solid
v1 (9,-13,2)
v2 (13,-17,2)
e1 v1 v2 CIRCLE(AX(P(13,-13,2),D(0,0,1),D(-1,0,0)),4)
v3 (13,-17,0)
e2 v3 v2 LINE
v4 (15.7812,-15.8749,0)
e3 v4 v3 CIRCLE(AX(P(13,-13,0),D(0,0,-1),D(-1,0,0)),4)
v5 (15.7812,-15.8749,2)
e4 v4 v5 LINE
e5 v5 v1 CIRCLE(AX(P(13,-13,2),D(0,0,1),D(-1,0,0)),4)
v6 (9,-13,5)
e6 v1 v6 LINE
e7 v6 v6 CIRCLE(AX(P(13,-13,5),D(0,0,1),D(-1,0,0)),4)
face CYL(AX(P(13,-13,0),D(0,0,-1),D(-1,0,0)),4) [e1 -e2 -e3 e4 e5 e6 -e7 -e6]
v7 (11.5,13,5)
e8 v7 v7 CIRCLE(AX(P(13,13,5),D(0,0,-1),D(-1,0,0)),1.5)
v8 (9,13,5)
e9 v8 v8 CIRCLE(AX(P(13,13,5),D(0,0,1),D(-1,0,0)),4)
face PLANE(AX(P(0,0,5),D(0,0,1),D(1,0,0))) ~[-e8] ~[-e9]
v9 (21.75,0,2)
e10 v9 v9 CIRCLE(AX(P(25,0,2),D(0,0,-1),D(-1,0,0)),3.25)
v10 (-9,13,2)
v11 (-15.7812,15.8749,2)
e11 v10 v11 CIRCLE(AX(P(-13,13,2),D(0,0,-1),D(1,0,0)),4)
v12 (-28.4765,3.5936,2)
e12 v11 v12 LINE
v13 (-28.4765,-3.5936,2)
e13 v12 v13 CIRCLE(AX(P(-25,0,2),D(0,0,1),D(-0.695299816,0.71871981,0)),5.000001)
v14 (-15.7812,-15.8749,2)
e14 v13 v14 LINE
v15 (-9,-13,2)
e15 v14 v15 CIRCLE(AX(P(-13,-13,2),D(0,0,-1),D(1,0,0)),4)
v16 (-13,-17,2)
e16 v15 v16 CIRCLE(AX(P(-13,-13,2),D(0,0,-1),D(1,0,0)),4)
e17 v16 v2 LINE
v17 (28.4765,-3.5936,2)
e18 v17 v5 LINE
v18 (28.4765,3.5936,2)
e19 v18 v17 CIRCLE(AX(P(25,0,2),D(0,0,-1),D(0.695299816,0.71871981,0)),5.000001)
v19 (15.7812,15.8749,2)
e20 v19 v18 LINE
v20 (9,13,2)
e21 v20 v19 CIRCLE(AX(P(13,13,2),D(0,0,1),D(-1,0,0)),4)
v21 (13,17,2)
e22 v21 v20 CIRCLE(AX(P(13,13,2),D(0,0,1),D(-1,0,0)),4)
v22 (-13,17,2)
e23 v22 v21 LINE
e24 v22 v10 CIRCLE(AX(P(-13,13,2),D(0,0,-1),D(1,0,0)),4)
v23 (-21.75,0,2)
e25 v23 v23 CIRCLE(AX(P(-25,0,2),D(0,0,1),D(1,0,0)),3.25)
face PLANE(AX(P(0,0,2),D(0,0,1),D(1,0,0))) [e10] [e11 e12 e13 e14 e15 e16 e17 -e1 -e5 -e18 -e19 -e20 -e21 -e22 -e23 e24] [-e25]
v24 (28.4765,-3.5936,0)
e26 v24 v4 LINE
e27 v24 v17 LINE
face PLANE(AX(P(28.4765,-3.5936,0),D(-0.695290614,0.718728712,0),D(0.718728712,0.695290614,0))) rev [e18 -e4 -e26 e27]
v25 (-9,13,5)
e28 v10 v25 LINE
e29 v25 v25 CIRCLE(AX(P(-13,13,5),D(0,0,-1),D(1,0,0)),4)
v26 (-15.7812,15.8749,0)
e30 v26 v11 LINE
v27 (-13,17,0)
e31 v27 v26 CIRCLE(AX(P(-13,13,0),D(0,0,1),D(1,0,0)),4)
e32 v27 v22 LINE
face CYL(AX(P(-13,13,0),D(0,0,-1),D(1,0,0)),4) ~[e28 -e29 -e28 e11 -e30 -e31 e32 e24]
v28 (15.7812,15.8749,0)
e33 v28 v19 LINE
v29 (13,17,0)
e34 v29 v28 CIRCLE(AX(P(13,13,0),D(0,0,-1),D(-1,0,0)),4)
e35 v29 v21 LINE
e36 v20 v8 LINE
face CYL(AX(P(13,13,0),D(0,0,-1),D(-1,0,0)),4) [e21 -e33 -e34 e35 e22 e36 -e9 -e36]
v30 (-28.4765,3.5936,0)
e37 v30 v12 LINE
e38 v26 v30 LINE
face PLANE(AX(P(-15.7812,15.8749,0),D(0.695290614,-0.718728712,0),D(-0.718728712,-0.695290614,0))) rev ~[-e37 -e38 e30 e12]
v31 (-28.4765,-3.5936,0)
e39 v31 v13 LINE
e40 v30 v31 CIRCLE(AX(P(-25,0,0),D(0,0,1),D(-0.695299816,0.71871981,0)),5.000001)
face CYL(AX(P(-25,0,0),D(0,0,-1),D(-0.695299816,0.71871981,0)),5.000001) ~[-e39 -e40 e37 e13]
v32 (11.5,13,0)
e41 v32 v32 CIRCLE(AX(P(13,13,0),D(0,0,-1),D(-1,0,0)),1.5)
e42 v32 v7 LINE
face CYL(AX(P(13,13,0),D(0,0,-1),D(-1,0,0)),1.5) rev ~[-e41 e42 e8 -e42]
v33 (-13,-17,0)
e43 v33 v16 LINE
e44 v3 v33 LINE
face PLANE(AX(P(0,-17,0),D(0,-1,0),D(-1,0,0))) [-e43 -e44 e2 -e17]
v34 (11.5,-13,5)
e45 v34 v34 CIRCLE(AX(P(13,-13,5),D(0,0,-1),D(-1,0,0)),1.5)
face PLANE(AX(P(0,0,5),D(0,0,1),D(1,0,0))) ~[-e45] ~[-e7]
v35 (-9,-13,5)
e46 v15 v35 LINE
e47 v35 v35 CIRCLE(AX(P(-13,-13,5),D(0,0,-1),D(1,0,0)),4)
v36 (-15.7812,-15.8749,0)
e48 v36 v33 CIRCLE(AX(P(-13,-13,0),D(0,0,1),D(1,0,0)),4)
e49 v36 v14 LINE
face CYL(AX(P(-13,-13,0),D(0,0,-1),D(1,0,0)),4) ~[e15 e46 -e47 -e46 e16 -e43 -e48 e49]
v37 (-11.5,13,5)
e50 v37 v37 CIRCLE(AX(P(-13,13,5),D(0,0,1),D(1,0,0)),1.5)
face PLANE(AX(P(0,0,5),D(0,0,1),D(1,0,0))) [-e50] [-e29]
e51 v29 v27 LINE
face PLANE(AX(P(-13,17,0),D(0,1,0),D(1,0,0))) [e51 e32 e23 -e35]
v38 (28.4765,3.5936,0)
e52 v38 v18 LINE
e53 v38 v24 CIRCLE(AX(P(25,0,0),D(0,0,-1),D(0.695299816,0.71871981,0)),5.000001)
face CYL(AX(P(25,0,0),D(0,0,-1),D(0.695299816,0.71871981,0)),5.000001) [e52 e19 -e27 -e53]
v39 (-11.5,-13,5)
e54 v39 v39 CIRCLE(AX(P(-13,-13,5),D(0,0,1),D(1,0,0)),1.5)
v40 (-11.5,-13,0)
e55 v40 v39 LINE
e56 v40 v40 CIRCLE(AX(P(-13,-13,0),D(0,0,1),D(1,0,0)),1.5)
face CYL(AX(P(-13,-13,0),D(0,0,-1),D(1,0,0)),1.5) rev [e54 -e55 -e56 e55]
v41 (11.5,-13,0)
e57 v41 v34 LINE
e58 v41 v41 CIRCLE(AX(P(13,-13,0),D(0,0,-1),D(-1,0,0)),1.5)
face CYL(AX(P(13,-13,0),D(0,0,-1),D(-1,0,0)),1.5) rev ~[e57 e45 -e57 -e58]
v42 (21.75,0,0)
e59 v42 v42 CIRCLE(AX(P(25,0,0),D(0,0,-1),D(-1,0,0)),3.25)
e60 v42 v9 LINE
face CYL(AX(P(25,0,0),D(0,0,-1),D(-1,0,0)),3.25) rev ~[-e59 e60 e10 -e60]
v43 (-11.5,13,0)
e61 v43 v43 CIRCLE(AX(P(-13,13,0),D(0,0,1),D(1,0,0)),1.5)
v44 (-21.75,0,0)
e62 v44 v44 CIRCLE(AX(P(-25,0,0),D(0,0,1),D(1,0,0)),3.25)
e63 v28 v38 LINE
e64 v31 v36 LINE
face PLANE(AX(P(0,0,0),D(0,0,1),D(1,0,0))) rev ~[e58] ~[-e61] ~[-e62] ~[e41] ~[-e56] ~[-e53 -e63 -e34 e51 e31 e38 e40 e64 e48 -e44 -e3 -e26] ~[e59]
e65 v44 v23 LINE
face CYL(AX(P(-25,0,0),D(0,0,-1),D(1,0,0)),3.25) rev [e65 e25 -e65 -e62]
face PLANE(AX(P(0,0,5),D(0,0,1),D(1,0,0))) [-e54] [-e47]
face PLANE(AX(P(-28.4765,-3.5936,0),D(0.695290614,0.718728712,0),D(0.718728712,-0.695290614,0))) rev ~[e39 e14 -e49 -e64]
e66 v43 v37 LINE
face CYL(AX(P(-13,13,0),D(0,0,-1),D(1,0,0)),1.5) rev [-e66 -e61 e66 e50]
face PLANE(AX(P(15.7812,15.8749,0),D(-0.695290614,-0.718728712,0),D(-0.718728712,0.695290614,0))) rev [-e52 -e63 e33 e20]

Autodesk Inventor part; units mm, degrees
ref_plane "YZ Plane" through (0, 0, 0) normal (1, 0, 0) x (0, 1, 0)
ref_plane "XZ Plane" through (0, 0, 0) normal (0, 1, 0) x (-1, 0, 0)
ref_plane "XY Plane" through (0, 0, 0) normal (0, 0, 1) x (1, 0, 0)
sketch "Sketch1" plane through (0, 0, 0) normal (0, 0, 1) x (1, 0, 0)
  line L0 (-13, 13) -> (13, 13) construction
  line L1 (13, 13) -> (13, -13) construction
  line L2 (13, -13) -> (-13, -13) construction
  line L3 (-13, -13) -> (-13, 13) construction
  circle A0 centre (-13, 13) radius 1.5
  circle A1 centre (-13, -13) radius 1.5
  circle A2 centre (-13, 13) radius 4
  circle A3 centre (-13, -13) radius 4
  line L4 (-15.7812, 15.8749) -> (-28.4765, 3.5936)
  arc A4 (-28.4765, 3.5936) -> (-28.4765, -3.5936) centre (-25, 0) ccw
  line L5 (-28.4765, -3.5936) -> (-15.7812, -15.8749)
  line L6 (-13, 17) -> (0, 17)
  line L7 (0, 17) -> (0, -17)
  line L8 (0, -17) -> (-13, -17)
  circle A5 centre (-25, 0) radius 3.25
  point P0 (0, 0)
  point P1 (0, 13)
  point P2 (-13, 0)
  point P3 (0, 0)
  dimension "d0" = 26
  dimension "d1" = 3
  dimension "d3" = 8
  dimension "d5" = 10
  dimension "d6" = 25
  dimension "d7" = 6.5
extrude "Extrusion1" add sketch "Sketch1" along normal blind 2
extrude "Extrusion2" add sketch "Sketch1" along normal blind 5 contours A2 | A3
mirror "Mirror1" about plane through (0, 0, 0) normal (1, 0, 0)
properties part number "adapter_board_mount"
